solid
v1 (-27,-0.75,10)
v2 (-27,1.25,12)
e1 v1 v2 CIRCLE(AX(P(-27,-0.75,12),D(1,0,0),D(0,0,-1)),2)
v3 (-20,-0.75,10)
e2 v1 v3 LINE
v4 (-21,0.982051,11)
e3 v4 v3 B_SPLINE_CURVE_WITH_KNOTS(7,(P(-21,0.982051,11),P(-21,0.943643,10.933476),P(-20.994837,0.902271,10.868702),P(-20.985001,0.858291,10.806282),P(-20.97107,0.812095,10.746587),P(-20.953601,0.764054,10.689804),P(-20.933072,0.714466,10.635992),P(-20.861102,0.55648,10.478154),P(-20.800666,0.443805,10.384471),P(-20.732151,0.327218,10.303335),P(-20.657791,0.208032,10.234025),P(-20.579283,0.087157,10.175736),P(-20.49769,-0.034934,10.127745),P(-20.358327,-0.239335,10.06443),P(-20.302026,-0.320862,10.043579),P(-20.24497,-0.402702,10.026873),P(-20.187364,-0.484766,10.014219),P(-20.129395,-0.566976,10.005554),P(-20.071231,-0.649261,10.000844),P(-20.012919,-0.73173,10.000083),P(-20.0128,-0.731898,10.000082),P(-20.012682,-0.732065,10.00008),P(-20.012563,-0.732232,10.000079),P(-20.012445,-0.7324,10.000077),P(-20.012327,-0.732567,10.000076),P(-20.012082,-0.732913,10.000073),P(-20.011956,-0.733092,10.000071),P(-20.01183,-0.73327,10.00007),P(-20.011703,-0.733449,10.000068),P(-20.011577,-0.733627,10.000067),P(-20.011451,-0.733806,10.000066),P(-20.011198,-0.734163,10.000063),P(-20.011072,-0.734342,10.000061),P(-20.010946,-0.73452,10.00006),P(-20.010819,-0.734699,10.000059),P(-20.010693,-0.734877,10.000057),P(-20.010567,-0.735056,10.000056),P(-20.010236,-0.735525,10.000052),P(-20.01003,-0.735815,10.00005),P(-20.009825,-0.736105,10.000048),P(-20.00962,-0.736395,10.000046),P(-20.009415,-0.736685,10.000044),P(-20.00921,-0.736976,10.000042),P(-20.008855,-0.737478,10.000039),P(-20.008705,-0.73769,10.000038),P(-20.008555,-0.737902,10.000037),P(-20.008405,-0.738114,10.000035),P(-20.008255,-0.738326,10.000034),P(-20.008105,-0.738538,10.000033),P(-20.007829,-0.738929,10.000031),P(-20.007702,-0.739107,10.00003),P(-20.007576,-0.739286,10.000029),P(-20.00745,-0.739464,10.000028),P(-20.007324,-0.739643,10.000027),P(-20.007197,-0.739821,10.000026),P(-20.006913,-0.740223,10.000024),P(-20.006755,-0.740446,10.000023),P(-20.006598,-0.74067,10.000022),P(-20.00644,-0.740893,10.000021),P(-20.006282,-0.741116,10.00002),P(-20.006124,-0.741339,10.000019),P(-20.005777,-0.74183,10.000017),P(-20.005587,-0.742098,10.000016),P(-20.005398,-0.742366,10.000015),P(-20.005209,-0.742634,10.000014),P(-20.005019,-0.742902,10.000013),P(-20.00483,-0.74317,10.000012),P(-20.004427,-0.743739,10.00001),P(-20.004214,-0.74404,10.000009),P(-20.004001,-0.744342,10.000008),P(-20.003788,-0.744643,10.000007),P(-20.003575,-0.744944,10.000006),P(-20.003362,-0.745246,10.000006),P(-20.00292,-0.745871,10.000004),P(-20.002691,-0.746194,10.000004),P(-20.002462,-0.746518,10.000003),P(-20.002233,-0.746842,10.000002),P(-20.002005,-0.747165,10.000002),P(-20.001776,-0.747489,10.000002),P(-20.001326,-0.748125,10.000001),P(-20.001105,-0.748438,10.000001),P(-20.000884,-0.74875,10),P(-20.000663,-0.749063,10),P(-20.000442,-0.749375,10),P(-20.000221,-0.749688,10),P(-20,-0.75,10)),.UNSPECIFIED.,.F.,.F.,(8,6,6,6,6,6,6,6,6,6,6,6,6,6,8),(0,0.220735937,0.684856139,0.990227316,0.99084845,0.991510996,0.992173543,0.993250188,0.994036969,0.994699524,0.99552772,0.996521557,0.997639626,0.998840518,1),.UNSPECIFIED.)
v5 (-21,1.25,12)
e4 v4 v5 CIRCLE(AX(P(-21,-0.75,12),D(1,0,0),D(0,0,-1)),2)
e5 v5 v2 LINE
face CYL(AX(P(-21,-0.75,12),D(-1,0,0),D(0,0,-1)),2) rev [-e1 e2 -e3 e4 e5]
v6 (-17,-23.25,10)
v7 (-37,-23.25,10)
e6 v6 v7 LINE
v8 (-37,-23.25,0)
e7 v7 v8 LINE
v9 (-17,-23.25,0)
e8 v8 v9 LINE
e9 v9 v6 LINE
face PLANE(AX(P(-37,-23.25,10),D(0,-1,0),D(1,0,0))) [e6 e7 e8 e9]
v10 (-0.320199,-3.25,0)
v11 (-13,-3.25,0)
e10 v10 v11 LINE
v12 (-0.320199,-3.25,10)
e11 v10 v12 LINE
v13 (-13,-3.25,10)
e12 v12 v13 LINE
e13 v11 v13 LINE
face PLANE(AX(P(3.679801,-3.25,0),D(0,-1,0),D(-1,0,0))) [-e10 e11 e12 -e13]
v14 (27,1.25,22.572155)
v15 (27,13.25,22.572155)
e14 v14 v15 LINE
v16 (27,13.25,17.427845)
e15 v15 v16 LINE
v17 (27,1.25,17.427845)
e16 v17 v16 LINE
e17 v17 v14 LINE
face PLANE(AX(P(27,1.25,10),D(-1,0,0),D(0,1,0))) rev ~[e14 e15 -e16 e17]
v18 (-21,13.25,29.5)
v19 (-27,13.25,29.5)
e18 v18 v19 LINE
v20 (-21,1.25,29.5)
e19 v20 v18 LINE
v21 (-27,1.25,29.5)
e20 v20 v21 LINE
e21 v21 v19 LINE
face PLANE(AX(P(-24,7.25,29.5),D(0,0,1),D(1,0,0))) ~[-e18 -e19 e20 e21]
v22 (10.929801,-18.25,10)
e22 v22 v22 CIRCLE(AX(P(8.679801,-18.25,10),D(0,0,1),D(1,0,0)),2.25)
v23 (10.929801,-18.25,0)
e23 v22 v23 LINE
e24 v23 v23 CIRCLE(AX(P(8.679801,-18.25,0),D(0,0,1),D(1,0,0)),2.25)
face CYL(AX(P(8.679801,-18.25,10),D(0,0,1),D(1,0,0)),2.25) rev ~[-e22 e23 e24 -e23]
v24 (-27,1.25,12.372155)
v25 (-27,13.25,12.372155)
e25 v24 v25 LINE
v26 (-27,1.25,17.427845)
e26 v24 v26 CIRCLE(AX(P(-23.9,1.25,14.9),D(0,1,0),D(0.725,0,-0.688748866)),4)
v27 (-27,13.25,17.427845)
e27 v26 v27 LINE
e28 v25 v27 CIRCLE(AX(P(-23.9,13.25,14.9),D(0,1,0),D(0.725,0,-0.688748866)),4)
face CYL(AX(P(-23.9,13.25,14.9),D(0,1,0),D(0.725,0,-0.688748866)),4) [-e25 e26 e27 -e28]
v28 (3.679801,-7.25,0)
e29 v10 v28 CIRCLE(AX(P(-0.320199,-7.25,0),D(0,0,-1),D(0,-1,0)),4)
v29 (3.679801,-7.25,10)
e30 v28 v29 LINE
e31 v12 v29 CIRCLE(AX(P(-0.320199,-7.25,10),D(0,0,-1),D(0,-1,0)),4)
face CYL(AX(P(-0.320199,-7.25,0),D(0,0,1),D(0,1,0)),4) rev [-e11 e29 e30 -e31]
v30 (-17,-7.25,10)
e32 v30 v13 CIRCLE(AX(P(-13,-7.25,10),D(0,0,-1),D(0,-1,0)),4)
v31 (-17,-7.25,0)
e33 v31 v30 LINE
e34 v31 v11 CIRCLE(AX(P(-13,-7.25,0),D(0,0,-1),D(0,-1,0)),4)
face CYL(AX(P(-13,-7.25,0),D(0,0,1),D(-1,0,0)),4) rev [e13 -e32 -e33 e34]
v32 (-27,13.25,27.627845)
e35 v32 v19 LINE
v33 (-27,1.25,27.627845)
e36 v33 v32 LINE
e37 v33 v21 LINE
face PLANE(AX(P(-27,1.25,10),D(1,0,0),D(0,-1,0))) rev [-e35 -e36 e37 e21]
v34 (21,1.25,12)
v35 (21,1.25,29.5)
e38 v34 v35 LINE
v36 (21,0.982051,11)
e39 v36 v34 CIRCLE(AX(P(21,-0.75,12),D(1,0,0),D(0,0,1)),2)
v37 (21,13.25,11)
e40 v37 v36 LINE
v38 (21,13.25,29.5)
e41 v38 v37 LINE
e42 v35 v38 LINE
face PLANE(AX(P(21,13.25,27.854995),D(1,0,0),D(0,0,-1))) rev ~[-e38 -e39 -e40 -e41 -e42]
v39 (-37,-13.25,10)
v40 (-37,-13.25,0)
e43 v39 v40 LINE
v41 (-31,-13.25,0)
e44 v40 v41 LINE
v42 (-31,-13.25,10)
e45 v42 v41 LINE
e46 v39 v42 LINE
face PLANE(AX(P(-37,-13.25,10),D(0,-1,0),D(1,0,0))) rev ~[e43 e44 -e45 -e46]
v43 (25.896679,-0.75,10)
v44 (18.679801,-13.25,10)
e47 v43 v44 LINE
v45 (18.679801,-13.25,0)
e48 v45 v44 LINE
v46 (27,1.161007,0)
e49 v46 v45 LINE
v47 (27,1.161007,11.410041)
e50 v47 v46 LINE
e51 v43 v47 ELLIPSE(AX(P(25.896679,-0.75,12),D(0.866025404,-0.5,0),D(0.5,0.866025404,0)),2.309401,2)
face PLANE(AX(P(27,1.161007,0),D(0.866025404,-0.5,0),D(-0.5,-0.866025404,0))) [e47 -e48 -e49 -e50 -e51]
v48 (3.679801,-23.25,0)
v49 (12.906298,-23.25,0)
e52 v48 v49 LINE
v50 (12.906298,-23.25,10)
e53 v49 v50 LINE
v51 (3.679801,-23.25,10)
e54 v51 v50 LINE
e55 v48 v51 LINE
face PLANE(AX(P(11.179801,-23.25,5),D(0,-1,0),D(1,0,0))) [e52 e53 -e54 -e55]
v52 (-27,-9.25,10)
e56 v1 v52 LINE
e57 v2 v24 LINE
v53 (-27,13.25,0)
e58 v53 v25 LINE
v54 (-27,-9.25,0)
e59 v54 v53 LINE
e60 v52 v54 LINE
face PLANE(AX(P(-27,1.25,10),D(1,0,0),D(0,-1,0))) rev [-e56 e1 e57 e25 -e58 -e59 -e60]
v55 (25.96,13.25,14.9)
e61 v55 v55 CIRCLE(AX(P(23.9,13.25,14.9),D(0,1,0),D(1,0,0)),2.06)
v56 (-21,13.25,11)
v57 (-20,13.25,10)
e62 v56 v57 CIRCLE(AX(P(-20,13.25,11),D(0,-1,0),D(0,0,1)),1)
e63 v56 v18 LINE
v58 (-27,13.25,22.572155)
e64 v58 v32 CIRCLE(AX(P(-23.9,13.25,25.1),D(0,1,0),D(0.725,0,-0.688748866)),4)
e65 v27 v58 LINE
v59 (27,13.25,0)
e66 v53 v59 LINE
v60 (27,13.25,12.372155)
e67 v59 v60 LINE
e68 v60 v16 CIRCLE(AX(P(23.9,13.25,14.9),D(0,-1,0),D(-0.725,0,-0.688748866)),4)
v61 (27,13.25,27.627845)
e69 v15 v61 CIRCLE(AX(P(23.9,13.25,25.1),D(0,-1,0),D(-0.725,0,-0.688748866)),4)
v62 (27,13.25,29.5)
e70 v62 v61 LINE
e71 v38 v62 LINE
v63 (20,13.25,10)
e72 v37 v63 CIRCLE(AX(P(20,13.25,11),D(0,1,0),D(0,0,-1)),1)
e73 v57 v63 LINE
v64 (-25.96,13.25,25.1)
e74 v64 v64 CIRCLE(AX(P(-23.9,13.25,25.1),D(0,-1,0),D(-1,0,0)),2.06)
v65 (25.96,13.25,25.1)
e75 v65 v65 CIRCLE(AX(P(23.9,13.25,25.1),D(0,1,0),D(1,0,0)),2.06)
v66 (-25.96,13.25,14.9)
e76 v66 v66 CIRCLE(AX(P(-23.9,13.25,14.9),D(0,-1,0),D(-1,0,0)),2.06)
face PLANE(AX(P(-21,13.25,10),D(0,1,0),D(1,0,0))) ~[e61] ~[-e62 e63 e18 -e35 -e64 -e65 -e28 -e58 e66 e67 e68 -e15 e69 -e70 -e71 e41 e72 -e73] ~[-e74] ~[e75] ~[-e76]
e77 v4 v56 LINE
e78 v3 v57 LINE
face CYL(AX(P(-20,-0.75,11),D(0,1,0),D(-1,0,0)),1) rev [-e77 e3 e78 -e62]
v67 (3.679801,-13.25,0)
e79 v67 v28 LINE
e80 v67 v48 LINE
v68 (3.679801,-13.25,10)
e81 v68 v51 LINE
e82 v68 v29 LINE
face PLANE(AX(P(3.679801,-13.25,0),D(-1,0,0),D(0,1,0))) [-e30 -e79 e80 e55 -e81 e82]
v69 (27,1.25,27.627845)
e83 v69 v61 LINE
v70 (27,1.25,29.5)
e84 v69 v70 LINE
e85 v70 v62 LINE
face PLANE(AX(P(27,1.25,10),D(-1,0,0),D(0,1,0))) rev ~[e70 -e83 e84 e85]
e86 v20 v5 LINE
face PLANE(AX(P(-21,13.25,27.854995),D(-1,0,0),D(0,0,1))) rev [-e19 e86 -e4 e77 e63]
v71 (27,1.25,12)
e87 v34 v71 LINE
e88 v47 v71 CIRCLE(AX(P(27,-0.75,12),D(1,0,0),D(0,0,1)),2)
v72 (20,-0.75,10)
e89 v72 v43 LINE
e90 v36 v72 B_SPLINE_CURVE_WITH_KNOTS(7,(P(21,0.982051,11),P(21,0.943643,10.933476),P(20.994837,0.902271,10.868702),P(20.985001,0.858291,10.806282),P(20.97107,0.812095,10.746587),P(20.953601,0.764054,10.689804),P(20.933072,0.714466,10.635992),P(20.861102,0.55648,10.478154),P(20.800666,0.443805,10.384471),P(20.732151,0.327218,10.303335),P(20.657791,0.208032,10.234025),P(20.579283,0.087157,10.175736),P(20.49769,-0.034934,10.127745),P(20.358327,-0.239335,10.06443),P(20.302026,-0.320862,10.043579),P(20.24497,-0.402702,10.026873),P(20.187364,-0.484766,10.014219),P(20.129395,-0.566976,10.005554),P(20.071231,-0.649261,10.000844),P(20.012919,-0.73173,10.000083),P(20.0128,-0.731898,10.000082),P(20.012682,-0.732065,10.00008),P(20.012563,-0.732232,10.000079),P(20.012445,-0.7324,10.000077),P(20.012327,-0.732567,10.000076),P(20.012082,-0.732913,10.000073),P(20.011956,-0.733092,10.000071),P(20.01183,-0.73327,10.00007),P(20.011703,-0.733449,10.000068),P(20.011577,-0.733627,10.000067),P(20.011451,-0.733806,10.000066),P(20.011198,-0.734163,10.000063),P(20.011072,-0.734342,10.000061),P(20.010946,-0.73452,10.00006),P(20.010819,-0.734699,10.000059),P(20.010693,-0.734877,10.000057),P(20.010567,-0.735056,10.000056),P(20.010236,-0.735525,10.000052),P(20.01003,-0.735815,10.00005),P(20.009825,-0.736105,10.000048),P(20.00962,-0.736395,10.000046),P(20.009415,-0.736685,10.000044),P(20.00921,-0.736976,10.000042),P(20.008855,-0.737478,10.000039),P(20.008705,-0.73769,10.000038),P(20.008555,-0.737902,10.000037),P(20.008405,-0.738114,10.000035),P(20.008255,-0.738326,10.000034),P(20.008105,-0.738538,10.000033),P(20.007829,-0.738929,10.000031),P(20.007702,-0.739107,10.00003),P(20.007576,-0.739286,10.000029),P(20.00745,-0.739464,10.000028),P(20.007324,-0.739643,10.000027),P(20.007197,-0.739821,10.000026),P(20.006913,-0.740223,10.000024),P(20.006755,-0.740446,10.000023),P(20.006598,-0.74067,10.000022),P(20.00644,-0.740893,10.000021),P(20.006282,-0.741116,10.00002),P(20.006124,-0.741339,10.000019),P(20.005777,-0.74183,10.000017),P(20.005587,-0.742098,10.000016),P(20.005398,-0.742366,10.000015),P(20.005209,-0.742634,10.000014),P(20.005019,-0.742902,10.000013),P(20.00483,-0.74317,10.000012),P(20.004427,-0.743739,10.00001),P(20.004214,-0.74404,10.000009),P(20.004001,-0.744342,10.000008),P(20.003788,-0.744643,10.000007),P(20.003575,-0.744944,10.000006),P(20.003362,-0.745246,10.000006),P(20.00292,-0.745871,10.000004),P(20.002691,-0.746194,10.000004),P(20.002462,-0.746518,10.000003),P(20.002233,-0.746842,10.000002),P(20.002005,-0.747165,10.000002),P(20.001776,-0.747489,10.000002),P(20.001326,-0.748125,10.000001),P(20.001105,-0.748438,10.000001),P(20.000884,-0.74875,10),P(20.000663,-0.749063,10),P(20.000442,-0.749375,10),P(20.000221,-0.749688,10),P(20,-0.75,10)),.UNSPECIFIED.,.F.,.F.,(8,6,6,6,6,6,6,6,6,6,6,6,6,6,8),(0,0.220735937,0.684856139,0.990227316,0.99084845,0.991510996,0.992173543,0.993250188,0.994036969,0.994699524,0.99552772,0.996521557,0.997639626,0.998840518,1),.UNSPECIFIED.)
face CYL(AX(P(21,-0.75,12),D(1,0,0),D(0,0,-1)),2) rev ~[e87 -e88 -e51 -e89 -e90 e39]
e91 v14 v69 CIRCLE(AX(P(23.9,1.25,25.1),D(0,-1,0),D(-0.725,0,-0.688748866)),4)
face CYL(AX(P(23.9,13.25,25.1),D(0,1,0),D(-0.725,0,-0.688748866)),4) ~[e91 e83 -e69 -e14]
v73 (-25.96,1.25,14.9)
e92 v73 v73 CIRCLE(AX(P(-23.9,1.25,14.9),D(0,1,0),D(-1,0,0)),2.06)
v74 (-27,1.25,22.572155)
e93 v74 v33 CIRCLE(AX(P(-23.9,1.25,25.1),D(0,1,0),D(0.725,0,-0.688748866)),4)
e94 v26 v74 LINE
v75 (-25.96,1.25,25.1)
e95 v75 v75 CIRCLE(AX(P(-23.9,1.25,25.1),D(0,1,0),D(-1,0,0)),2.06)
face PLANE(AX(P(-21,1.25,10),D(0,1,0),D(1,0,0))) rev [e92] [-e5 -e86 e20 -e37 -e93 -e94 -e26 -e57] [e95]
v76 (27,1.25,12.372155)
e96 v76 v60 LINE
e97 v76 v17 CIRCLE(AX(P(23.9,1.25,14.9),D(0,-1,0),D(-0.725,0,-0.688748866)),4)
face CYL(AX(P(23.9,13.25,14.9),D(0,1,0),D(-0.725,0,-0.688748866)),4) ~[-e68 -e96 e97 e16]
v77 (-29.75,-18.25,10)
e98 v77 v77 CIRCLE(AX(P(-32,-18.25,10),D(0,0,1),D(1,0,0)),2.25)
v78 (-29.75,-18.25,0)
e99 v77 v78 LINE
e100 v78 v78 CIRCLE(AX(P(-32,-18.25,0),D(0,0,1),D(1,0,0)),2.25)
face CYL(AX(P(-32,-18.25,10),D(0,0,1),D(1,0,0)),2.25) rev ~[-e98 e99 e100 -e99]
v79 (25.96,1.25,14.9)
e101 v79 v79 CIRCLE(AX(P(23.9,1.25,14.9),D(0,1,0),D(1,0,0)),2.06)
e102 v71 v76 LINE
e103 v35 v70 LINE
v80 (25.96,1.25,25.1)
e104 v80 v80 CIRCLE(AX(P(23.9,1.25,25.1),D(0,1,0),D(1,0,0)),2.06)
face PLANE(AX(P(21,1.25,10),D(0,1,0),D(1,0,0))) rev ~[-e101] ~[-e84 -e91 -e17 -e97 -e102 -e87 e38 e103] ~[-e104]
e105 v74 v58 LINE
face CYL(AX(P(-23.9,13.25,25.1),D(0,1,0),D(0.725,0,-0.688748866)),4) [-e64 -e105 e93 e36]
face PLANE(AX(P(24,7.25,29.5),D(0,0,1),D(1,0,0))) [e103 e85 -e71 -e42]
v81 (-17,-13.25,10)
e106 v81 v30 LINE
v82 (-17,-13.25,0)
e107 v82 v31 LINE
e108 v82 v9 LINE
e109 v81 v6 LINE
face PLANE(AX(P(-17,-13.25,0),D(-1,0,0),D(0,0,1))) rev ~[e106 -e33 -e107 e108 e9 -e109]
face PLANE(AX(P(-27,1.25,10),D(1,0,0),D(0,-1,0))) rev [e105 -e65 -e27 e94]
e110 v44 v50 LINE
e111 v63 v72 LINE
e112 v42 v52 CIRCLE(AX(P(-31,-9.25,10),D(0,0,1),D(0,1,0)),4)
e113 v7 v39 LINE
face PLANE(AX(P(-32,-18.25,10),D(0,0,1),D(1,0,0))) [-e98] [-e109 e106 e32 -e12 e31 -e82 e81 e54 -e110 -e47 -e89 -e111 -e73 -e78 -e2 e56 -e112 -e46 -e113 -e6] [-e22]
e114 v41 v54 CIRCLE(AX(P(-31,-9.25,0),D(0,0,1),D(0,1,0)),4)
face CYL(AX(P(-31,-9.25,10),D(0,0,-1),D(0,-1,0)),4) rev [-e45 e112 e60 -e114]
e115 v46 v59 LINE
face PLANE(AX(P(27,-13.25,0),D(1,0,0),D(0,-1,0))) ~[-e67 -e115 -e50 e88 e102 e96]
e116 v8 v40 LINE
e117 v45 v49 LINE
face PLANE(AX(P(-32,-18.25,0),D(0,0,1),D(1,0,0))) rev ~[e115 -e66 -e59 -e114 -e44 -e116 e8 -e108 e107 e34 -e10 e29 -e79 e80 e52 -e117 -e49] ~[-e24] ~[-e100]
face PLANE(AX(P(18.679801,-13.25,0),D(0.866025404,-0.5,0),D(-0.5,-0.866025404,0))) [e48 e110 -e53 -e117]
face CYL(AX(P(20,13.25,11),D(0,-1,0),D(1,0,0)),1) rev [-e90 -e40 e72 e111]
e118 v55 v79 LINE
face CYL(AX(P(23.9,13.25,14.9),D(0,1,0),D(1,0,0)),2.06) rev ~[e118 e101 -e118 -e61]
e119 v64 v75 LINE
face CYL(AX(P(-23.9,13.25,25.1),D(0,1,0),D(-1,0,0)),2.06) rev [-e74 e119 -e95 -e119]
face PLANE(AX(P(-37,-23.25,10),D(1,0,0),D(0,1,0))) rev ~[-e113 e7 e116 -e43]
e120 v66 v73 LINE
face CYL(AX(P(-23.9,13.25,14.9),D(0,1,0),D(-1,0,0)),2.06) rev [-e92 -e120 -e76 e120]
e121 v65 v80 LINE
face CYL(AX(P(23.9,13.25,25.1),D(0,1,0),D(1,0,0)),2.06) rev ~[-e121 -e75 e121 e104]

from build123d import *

# Parameters (mm, degrees)
SKETCH1_W            = 54
SKETCH1_H            = 26.5
BOSS_EXTRUDE1_DEPTH  = 10
CUT_EXTRUDE1_DEPTH   = 10
SKETCH3_W            = 15
SKETCH3_H            = 10
SKETCH3_W_2          = 10
BOSS_EXTRUDE2_DEPTH  = 10
CUT_EXTRUDE2_DEPTH   = 10
SKETCH5_W            = 20.679801083
SKETCH5_H            = 5
CUT_EXTRUDE3_DEPTH   = 10
SKETCH6_W            = 6
SKETCH6_H            = 12
BOSS_EXTRUDE3_DEPTH  = 19.5
SKETCH7_R            = 2.06
CUT_EXTRUDE4_DEPTH   = 37.5
SKETCH8_R            = 2.06
BOSS_EXTRUDE4_DEPTH  = 12
FILLET1_R            = 2
FILLET2_R            = 1
FILLET1_OF_MIRROR1_R = 2
FILLET2_OF_MIRROR1_R = 1
SKETCH9_R            = 2.25
CUT_EXTRUDE5_DEPTH   = 10
CUT_EXTRUDE6_DEPTH   = 10
SKETCH11_W           = 20.679801083
SKETCH11_H           = 10
CUT_EXTRUDE7_DEPTH   = 10
FILLET3_R            = 4
SKETCH12_W           = 10
SKETCH12_H           = 10
BOSS_EXTRUDE5_DEPTH  = 10
SKETCH13_R           = 2.25
CUT_EXTRUDE8_DEPTH   = 10
FILLET4_R            = 4


with BuildPart() as part:
    # Sketch1 → Boss-Extrude1 (new body)
    with BuildSketch(Plane.XY):
        Rectangle(SKETCH1_W, SKETCH1_H)
    boss_extrude1 = extrude(amount=BOSS_EXTRUDE1_DEPTH)

    # Sketch2 → Cut-Extrude1 (cut)
    with BuildSketch(Plane(origin=(0, 0, 0), x_dir=(-1, 0, 0), z_dir=(0, 0, -1))):
        Polygon((-27, 1.161007253), (-18.679801083, -13.25), (-27, -13.25), align=None)
    extrude(amount=-CUT_EXTRUDE1_DEPTH, mode=Mode.SUBTRACT)

    # Sketch3 → Boss-Extrude2 (add)
    with BuildSketch(Plane.XZ.offset(13.25)):
        with Locations((11.179801083, 5)):
            Rectangle(SKETCH3_W, SKETCH3_H)
        with Locations((-22, 5)):
            Rectangle(SKETCH3_W_2, SKETCH3_H)
    extrude(amount=BOSS_EXTRUDE2_DEPTH)

    # Sketch4 → Cut-Extrude2 (cut)
    with BuildSketch(Plane(origin=(0, 0, 0), x_dir=(-1, 0, 0), z_dir=(0, 0, -1))):
        Polygon((-18.679801083, -13.25), (-12.906298391, -23.25), (-18.679801083, -23.25), align=None)
    extrude(amount=-CUT_EXTRUDE2_DEPTH, mode=Mode.SUBTRACT)

    # Sketch5 → Cut-Extrude3 (cut)
    with BuildSketch(Plane(origin=(0, 0, 0), x_dir=(-1, 0, 0), z_dir=(0, 0, -1))):
        with Locations((6.660099458, -10.75)):
            Rectangle(SKETCH5_W, SKETCH5_H)
    extrude(amount=-CUT_EXTRUDE3_DEPTH, mode=Mode.SUBTRACT)

    # Sketch6 → Boss-Extrude3 (add)
    with BuildSketch(Plane.XY.offset(10)):
        with Locations((24, 7.25)):
            Rectangle(SKETCH6_W, SKETCH6_H)
    boss_extrude3 = extrude(amount=BOSS_EXTRUDE3_DEPTH)

    # Sketch7 → Cut-Extrude4 (cut, through all)
    with BuildSketch(Plane(origin=(0, 13.25, 0), x_dir=(1, 0, 0), z_dir=(0, 1, 0))):
        with Locations((23.9, -25.1)):
            Circle(SKETCH7_R)
        with Locations((23.9, -14.9)):
            Circle(SKETCH7_R)
    cut_extrude4 = extrude(amount=-CUT_EXTRUDE4_DEPTH, mode=Mode.SUBTRACT)

    # Sketch8 → Boss-Extrude4 (add)
    with BuildSketch(Plane(origin=(0, 13.25, 0), x_dir=(1, 0, 0), z_dir=(0, 1, 0))):
        with BuildLine():
            Line((21, -27.854995463), (21, -22.345004537))
            ThreePointArc((21, -22.345004537), (27.9, -25.1), (21, -27.854995463))
        make_face()
        with Locations((23.9, -25.1)):
            Circle(SKETCH8_R, mode=Mode.SUBTRACT)
        with BuildLine():
            Line((21, -17.654995463), (21, -12.145004537))
            ThreePointArc((21, -12.145004537), (27.9, -14.9), (21, -17.654995463))
        make_face()
        with Locations((23.9, -14.9)):
            Circle(SKETCH8_R, mode=Mode.SUBTRACT)
    boss_extrude4 = extrude(amount=-BOSS_EXTRUDE4_DEPTH)

    # Fillet1
    fillet1_edges = [part.edges().sort_by_distance(p)[0] for p in [
        (24, 1.25, 10),
    ]]
    fillet(fillet1_edges, radius=FILLET1_R)

    # Fillet2
    fillet2_edges = [part.edges().sort_by_distance(p)[0] for p in [
        (21, 7.25, 10),
    ]]
    fillet(fillet2_edges, radius=FILLET2_R)

    # Mirror1: Boss-Extrude1, Boss-Extrude3, Cut-Extrude4, Boss-Extrude4 across plane
    add(boss_extrude1.mirror(Plane(origin=(0, 0, 0), x_dir=(0, 0, 1), z_dir=(1, 0, 0))))
    add(boss_extrude3.mirror(Plane(origin=(0, 0, 0), x_dir=(0, 0, 1), z_dir=(1, 0, 0))))
    add(cut_extrude4.mirror(Plane(origin=(0, 0, 0), x_dir=(0, 0, 1), z_dir=(1, 0, 0))), mode=Mode.SUBTRACT)
    add(boss_extrude4.mirror(Plane(origin=(0, 0, 0), x_dir=(0, 0, 1), z_dir=(1, 0, 0))))

    # Fillet1 of Mirror1
    fillet1_of_mirror1_edges = [part.edges().sort_by_distance(p)[0] for p in [
        (-24, 1.25, 10),
    ]]
    fillet(fillet1_of_mirror1_edges, radius=FILLET1_OF_MIRROR1_R)

    # Fillet2 of Mirror1
    fillet2_of_mirror1_edges = [part.edges().sort_by_distance(p)[0] for p in [
        (-21, 7.25, 10),
    ]]
    fillet(fillet2_of_mirror1_edges, radius=FILLET2_OF_MIRROR1_R)

    # Sketch9 → Cut-Extrude5 (cut)
    with BuildSketch(Plane.XY.offset(10)):
        with Locations((8.679801083, -18.25)):
            Circle(SKETCH9_R)
    extrude(amount=-CUT_EXTRUDE5_DEPTH, mode=Mode.SUBTRACT)

    # Sketch10 → Cut-Extrude6 (cut)
    with BuildSketch(Plane(origin=(0, 0, 0), x_dir=(-1, 0, 0), z_dir=(0, 0, -1))):
        Polygon((-27, 1.161007253), (-18.679801083, -13.25), (-27, -13.25), align=None)
    extrude(amount=-CUT_EXTRUDE6_DEPTH, mode=Mode.SUBTRACT)

    # Sketch11 → Cut-Extrude7 (cut)
    with BuildSketch(Plane(origin=(0, 0, 0), x_dir=(-1, 0, 0), z_dir=(0, 0, -1))):
        with Locations((6.660099458, -8.25)):
            Rectangle(SKETCH11_W, SKETCH11_H)
    extrude(amount=-CUT_EXTRUDE7_DEPTH, mode=Mode.SUBTRACT)

    # Fillet3
    fillet3_edges = [part.edges().sort_by_distance(p)[0] for p in [
        (-17, -3.25, 5),
        (3.679801083, -3.25, 5),
    ]]
    fillet(fillet3_edges, radius=FILLET3_R)

    # Sketch12 → Boss-Extrude5 (add)
    with BuildSketch(Plane.XY.offset(10)):
        with Locations((-32, -18.25)):
            Rectangle(SKETCH12_W, SKETCH12_H)
    extrude(amount=-BOSS_EXTRUDE5_DEPTH)

    # Sketch13 → Cut-Extrude8 (cut)
    with BuildSketch(Plane.XY.offset(10)):
        with Locations((-32, -18.25)):
            Circle(SKETCH13_R)
    extrude(amount=-CUT_EXTRUDE8_DEPTH, mode=Mode.SUBTRACT)

    # Fillet4
    fillet4_edges = [part.edges().sort_by_distance(p)[0] for p in [
        (-27, -13.25, 5),
    ]]
    fillet(fillet4_edges, radius=FILLET4_R)


solid = part.part
